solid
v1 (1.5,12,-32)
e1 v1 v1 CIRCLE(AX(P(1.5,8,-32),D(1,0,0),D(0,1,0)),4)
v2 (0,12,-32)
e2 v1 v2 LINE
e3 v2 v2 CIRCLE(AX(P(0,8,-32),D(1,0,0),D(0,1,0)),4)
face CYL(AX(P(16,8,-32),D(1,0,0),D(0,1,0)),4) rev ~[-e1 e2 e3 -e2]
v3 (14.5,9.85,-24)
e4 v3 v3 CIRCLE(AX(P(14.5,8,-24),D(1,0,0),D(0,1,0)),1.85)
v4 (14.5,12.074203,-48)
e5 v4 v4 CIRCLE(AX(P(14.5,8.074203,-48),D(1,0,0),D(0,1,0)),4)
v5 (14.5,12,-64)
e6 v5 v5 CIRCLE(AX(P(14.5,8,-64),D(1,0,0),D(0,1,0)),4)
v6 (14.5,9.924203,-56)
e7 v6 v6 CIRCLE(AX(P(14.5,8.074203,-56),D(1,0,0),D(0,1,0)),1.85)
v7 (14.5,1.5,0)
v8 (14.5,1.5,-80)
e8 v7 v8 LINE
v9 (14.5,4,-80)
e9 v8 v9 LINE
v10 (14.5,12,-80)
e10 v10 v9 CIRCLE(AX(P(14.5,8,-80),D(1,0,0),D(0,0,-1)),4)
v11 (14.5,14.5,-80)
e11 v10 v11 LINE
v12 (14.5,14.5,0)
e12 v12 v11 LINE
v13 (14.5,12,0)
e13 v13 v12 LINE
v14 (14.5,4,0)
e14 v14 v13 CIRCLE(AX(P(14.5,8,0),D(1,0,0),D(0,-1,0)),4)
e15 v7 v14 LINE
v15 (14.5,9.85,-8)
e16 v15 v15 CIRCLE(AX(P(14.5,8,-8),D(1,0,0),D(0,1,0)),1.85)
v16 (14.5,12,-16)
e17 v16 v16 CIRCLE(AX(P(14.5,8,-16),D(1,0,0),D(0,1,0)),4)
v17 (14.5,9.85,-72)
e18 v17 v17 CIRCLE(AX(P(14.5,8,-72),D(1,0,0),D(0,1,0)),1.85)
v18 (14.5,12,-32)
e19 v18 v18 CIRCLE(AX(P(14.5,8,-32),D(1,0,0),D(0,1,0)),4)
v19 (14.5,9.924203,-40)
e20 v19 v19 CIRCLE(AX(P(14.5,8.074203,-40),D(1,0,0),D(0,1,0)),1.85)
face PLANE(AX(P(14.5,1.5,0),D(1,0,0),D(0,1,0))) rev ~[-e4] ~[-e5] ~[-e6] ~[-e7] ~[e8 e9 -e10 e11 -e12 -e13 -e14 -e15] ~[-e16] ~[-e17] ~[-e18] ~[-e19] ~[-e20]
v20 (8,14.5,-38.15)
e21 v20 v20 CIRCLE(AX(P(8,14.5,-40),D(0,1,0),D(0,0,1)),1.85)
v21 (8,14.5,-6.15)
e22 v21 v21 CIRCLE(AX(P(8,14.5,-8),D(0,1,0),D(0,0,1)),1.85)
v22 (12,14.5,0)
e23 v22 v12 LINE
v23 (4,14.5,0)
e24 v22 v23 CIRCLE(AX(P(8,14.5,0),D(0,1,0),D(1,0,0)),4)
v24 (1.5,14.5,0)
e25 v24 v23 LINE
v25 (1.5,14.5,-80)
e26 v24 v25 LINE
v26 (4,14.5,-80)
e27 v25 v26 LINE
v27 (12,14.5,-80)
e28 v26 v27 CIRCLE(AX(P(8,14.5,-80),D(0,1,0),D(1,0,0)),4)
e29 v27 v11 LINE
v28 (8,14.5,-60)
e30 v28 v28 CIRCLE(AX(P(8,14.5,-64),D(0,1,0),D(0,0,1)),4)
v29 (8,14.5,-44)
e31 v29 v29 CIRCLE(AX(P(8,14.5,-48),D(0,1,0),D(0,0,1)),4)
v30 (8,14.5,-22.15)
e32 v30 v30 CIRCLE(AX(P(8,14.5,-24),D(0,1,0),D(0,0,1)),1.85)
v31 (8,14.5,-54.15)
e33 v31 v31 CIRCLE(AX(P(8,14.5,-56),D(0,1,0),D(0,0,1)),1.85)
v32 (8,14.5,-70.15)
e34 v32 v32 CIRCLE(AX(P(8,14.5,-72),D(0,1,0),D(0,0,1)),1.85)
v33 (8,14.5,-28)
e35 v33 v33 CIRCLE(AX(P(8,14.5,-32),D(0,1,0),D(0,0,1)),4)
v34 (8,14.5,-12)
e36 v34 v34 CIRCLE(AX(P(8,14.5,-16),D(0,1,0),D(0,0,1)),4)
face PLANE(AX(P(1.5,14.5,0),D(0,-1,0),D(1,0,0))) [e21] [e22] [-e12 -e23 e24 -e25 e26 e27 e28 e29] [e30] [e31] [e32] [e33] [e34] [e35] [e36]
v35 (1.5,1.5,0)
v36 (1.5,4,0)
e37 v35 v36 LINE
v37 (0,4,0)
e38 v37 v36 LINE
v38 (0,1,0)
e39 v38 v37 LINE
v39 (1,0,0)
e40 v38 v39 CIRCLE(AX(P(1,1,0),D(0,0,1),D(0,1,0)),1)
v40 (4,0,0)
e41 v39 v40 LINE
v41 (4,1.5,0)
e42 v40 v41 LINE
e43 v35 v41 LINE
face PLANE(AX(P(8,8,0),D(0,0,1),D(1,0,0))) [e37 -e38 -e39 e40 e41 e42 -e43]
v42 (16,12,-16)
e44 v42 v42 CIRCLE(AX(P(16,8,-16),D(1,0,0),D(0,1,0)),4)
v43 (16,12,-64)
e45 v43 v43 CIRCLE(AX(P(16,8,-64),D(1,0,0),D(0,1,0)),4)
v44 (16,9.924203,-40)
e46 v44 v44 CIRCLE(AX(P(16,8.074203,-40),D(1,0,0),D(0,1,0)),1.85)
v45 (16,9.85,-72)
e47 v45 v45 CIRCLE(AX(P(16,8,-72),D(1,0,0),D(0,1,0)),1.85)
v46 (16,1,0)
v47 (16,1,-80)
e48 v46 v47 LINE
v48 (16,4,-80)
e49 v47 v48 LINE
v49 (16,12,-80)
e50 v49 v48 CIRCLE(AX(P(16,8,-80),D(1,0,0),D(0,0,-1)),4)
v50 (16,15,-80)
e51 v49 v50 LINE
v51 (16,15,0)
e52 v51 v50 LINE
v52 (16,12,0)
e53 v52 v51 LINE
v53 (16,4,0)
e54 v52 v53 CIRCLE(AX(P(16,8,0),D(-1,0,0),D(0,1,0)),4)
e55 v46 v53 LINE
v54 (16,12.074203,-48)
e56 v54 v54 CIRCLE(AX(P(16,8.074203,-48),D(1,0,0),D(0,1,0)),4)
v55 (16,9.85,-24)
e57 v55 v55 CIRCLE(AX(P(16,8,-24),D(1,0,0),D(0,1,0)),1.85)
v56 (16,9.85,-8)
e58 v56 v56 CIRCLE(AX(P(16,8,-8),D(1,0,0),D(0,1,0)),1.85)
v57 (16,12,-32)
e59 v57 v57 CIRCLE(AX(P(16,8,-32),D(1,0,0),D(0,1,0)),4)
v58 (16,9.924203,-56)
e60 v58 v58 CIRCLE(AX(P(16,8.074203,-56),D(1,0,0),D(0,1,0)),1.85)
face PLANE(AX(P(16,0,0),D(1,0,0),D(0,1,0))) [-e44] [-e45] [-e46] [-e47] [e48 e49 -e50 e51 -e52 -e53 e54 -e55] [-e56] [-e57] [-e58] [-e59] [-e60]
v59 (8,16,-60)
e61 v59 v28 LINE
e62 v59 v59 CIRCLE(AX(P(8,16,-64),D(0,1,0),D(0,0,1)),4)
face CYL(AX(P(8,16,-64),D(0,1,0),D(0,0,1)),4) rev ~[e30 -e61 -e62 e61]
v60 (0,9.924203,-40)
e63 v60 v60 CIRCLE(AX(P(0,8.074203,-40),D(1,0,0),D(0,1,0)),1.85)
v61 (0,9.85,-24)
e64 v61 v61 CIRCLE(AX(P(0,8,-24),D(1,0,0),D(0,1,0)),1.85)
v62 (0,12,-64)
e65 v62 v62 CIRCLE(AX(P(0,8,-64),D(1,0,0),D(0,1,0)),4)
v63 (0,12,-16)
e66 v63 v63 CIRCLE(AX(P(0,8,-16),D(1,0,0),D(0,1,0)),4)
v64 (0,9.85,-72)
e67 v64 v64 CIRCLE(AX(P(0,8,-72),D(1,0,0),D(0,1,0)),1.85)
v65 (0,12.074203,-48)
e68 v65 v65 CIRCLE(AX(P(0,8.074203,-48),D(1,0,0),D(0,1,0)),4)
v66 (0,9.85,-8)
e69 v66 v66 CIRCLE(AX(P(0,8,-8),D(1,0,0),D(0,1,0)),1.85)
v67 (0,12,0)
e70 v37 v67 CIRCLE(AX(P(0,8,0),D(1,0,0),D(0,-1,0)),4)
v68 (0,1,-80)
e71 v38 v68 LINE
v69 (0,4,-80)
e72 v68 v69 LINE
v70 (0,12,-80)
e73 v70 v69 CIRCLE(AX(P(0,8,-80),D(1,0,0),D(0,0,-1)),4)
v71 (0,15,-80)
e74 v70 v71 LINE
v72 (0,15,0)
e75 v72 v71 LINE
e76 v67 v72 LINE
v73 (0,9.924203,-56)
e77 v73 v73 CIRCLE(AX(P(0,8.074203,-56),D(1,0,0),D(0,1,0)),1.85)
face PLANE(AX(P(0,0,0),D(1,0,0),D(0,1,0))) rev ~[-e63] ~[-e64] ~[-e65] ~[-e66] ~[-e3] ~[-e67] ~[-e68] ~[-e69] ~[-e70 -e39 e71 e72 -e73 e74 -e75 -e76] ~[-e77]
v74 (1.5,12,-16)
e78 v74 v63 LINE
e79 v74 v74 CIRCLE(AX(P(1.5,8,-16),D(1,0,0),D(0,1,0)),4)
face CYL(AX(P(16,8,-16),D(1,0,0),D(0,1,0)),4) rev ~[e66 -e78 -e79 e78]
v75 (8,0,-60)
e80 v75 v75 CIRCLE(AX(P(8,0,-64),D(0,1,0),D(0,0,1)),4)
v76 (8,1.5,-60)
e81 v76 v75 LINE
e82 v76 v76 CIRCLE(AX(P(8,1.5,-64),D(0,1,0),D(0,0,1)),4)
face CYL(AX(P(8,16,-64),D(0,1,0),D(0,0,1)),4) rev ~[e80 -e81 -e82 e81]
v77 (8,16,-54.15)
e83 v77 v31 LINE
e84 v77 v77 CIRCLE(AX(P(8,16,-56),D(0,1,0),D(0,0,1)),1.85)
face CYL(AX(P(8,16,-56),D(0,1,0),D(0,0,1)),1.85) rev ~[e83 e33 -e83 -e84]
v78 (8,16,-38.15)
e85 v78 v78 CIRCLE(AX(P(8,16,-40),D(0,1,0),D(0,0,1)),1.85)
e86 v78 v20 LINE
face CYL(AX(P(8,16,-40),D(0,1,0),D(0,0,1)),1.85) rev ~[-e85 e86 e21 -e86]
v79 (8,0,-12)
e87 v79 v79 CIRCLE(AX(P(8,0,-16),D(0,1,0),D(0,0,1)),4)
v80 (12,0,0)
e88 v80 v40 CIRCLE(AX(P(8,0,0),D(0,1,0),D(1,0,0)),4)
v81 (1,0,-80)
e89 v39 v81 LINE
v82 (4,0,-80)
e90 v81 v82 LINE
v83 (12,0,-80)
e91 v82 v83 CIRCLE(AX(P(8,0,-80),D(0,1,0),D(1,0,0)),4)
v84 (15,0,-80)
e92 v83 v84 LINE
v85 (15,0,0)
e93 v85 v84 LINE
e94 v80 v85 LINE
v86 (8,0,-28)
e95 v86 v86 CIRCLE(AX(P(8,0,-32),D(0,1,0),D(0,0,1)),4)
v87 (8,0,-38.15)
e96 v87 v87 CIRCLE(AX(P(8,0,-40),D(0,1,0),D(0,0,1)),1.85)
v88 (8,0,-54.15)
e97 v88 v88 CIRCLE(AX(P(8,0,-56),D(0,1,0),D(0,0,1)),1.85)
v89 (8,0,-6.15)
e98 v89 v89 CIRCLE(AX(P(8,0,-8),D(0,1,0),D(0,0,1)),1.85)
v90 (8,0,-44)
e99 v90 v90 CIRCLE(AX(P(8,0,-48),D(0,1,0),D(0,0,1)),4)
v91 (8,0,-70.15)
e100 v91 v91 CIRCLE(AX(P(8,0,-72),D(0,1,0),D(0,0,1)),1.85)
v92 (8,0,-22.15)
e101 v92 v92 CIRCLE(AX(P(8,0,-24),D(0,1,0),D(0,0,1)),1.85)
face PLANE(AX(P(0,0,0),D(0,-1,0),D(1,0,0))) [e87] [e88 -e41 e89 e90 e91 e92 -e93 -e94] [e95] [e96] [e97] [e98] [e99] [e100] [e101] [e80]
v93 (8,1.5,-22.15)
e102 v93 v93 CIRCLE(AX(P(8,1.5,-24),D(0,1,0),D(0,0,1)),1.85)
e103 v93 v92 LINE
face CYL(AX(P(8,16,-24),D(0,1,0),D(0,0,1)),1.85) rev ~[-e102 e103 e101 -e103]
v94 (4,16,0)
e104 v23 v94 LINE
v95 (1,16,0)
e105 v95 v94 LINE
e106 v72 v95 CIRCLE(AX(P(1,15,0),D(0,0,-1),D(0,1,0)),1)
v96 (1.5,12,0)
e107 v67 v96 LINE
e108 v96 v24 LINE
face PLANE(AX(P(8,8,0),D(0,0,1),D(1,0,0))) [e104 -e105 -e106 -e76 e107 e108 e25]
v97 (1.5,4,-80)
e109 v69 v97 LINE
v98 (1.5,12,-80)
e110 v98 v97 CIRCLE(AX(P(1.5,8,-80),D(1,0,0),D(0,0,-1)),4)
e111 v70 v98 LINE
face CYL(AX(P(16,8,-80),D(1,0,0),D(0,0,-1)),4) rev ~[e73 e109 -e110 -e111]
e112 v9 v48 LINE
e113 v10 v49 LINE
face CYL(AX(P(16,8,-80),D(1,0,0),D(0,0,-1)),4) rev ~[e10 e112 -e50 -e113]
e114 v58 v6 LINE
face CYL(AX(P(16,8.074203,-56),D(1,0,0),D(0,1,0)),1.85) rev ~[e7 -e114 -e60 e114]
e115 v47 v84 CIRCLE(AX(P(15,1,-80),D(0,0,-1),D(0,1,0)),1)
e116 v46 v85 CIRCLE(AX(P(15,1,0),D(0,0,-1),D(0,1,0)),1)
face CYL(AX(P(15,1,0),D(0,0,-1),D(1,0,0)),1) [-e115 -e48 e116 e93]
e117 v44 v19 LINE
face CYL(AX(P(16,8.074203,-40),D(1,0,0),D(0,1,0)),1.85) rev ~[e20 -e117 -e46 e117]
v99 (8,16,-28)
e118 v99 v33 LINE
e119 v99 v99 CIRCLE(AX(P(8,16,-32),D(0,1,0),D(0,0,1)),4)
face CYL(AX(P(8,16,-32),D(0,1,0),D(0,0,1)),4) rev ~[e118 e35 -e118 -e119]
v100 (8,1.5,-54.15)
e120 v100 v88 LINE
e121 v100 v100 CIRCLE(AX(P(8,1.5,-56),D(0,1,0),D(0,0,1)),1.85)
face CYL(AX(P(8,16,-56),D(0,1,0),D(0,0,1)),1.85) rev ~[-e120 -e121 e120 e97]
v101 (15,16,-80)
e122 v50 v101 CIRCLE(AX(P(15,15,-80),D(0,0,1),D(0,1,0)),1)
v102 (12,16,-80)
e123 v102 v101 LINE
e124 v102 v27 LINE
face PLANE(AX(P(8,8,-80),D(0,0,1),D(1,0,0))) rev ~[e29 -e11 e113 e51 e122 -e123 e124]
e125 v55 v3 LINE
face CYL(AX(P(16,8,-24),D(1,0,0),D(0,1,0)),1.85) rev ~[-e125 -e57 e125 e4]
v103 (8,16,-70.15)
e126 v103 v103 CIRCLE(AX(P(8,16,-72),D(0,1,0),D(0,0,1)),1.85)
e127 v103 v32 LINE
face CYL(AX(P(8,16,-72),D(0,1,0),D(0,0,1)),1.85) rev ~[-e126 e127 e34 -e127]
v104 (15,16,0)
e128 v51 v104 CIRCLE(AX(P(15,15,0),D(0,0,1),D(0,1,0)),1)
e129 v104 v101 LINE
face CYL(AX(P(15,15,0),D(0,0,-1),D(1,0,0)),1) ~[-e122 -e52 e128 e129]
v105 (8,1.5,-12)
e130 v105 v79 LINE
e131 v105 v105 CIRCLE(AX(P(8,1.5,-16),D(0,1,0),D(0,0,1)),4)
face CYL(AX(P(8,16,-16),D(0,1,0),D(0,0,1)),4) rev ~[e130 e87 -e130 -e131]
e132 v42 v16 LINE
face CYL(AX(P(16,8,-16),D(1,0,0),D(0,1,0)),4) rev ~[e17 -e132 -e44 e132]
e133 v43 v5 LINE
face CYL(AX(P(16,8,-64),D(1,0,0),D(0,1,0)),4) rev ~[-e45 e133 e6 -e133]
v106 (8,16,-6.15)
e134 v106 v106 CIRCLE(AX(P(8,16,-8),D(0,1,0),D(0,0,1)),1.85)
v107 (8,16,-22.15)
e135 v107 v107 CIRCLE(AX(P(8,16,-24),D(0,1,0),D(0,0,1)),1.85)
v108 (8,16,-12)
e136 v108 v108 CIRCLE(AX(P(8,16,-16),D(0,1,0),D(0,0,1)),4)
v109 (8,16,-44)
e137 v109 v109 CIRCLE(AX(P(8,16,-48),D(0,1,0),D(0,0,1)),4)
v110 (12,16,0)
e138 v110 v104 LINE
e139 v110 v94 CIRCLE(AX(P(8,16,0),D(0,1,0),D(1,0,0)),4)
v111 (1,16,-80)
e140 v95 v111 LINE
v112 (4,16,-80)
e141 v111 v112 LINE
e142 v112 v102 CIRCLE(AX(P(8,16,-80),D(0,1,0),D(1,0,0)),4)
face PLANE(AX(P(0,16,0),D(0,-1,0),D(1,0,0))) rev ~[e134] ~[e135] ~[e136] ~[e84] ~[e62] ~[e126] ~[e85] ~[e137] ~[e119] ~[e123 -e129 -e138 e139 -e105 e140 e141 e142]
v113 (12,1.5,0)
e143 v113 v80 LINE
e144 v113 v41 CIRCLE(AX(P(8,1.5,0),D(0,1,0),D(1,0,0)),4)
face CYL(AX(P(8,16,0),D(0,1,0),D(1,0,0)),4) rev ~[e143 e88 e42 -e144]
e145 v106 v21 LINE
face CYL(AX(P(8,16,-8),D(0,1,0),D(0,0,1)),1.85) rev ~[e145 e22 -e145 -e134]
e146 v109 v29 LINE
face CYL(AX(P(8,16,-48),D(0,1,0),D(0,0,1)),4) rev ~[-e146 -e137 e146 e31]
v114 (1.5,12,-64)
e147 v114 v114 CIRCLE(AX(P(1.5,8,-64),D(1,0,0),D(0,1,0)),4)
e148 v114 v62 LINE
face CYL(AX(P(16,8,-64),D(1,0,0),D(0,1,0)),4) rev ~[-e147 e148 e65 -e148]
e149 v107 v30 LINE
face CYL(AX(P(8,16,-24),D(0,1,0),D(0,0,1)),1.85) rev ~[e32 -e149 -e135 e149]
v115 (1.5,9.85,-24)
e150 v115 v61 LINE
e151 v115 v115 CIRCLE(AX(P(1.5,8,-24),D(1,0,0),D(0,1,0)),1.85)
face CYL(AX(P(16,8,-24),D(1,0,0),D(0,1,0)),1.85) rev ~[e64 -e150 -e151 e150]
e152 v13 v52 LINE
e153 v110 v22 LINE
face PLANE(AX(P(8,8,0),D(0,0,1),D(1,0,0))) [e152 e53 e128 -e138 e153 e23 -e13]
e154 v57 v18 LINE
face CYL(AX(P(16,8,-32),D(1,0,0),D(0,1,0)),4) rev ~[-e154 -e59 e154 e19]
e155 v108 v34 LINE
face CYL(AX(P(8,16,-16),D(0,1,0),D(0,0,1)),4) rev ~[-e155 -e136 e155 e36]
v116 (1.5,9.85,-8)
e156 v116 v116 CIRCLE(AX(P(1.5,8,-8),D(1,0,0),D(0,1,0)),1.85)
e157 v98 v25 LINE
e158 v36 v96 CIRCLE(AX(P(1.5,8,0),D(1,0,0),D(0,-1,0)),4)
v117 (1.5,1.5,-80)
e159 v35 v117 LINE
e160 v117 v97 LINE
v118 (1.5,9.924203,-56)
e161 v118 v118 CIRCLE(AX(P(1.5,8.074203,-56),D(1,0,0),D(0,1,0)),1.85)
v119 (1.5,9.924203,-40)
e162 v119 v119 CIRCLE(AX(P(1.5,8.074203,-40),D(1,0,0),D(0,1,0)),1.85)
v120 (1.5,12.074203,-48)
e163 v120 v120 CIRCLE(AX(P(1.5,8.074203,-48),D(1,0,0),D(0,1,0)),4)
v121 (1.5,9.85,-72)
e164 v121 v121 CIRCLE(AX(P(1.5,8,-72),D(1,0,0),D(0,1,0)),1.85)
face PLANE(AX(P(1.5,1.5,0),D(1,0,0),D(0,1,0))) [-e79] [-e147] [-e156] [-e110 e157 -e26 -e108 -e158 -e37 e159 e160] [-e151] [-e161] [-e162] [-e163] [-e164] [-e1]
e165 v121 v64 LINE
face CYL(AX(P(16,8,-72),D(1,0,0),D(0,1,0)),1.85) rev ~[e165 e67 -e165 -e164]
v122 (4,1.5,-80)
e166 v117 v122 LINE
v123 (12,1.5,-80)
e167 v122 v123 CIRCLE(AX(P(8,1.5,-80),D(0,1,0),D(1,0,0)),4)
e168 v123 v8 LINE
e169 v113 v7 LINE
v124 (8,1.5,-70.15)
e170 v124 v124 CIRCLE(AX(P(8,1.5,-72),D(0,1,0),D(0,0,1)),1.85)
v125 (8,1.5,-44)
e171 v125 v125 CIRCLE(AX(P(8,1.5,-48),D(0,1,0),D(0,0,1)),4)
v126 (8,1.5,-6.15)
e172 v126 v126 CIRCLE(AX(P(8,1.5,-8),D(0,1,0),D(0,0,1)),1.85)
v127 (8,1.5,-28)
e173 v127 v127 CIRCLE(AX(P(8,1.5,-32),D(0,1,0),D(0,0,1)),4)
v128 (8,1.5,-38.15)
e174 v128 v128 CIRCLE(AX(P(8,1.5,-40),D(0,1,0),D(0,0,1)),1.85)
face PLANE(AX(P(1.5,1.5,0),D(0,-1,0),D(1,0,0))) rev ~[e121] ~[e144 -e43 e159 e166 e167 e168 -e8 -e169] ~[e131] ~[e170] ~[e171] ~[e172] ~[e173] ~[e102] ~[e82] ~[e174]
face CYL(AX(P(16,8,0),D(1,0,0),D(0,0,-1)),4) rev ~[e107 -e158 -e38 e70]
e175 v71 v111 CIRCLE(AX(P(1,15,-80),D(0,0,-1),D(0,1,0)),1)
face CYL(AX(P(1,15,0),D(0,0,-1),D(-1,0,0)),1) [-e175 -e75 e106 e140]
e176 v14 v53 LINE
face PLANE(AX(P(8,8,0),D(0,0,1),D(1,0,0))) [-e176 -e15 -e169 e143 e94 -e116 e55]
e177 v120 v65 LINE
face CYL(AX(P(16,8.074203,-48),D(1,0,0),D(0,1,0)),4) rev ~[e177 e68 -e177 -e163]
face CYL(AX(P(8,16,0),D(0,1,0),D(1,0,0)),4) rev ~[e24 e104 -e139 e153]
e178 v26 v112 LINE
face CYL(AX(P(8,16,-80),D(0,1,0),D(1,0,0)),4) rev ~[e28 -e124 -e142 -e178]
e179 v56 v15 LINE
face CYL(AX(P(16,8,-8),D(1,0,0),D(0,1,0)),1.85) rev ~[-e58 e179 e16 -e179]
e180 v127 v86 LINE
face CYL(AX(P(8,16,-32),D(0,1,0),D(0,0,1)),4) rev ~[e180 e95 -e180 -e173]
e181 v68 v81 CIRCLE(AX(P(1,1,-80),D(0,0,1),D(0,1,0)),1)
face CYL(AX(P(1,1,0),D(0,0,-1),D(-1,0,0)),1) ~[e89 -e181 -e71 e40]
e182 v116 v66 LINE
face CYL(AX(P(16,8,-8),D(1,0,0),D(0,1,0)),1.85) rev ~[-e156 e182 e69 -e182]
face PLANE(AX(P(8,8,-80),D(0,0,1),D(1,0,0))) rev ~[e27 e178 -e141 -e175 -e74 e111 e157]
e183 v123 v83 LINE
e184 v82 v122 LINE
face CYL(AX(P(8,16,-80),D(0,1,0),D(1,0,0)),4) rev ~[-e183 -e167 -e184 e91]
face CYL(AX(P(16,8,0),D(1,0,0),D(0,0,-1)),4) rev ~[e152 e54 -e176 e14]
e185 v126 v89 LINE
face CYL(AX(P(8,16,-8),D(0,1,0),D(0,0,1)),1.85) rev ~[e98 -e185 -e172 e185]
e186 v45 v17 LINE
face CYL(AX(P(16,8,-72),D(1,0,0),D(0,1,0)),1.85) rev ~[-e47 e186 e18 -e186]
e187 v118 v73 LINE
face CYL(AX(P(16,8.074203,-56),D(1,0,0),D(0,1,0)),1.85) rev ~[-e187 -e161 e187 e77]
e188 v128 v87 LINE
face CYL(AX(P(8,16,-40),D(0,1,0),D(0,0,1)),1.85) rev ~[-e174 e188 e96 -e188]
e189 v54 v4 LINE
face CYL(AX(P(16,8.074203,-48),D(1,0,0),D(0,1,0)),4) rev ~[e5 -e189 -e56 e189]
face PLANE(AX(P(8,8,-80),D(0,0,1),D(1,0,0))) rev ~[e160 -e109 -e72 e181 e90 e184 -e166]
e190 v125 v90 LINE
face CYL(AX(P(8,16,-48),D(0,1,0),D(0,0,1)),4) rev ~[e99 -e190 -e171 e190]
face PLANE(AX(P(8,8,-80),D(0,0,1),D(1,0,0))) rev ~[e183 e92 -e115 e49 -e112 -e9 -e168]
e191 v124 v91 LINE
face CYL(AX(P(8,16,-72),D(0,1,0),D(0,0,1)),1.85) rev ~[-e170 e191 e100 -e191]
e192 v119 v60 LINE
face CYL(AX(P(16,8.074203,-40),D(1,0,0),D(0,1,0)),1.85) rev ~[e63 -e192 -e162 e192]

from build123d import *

# Parameters (mm, degrees)
SKETCH1_W      = 16
SKETCH1_H      = 16
EXTRUDE1_DEPTH = 80
SKETCH2_W      = 13
SKETCH2_H      = 13
EXTRUDE2_DEPTH = 84.138438763
SKETCH3_R      = 4
SKETCH3_R_2    = 1.85
EXTRUDE3_DEPTH = 84.138438763
SKETCH4_R      = 4
SKETCH4_R_2    = 1.85
EXTRUDE4_DEPTH = 84.138438763
FILLET1_R      = 1


with BuildPart() as part:
    # Sketch1 → Extrude1 (new body)
    with BuildSketch(Plane.XY):
        with Locations((8, 8)):
            Rectangle(SKETCH1_W, SKETCH1_H)
    extrude(amount=-EXTRUDE1_DEPTH)

    # Sketch2 → Extrude2 (cut, through all)
    with BuildSketch(Plane.XY):
        with Locations((8, 8)):
            Rectangle(SKETCH2_W, SKETCH2_H)
    extrude(amount=-EXTRUDE2_DEPTH, mode=Mode.SUBTRACT)

    # Sketch3 → Extrude3 (cut, through all)
    with BuildSketch(Plane(origin=(0, 16, 0), x_dir=(1, 0, 0), z_dir=(0, 1, 0))):
        with Locations(Location((8, 64, 0), (0, 0, 270))):
            Circle(SKETCH3_R)
        with Locations(Location((8, 32, 0), (0, 0, 270))):
            Circle(SKETCH3_R)
        with Locations((8, 0)):
            Circle(SKETCH3_R)
        with Locations((8, 96)):
            Circle(SKETCH3_R)
        with Locations((8, 128)):
            Circle(SKETCH3_R)
        with Locations((8, 160)):
            Circle(SKETCH3_R)
        with Locations((8, 192)):
            Circle(SKETCH3_R)
        with Locations((8, 224)):
            Circle(SKETCH3_R)
        with Locations((8, 256)):
            Circle(SKETCH3_R)
        with Locations(Location((8, 48, 0), (0, 0, 270))):
            Circle(SKETCH3_R)
        with Locations(Location((8, 56, 0), (0, 0, 270))):
            Circle(SKETCH3_R_2)
        with Locations(Location((8, 40, 0), (0, 0, 270))):
            Circle(SKETCH3_R_2)
        with Locations((8, 80)):
            Circle(SKETCH3_R)
        with Locations((8, 88)):
            Circle(SKETCH3_R_2)
        with Locations(Location((8, 72, 0), (0, 0, 270))):
            Circle(SKETCH3_R_2)
        with Locations(Location((8, 16, 0), (0, 0, 270))):
            Circle(SKETCH3_R)
        with Locations(Location((8, 24, 0), (0, 0, 270))):
            Circle(SKETCH3_R_2)
        with Locations(Location((8, 8, 0), (0, 0, 270))):
            Circle(SKETCH3_R_2)
        with Locations((8, 112)):
            Circle(SKETCH3_R)
        with Locations((8, 120)):
            Circle(SKETCH3_R_2)
        with Locations((8, 104)):
            Circle(SKETCH3_R_2)
        with Locations((8, 144)):
            Circle(SKETCH3_R)
        with Locations((8, 152)):
            Circle(SKETCH3_R_2)
        with Locations((8, 136)):
            Circle(SKETCH3_R_2)
        with Locations((8, 176)):
            Circle(SKETCH3_R)
        with Locations((8, 184)):
            Circle(SKETCH3_R_2)
        with Locations((8, 168)):
            Circle(SKETCH3_R_2)
        with Locations((8, 208)):
            Circle(SKETCH3_R)
        with Locations((8, 216)):
            Circle(SKETCH3_R_2)
        with Locations((8, 200)):
            Circle(SKETCH3_R_2)
        with Locations((8, 240)):
            Circle(SKETCH3_R)
        with Locations((8, 248)):
            Circle(SKETCH3_R_2)
        with Locations((8, 232)):
            Circle(SKETCH3_R_2)
    extrude(amount=-EXTRUDE3_DEPTH, mode=Mode.SUBTRACT)

    # Sketch4 → Extrude4 (cut, through all)
    with BuildSketch(Plane(origin=(16, 0, 0), x_dir=(0, 0, -1), z_dir=(1, 0, 0))):
        with Locations(Location((32, 8, 0), (0, 0, 90))):
            Circle(SKETCH4_R)
        with Locations(Location((64, 8, 0), (0, 0, 90))):
            Circle(SKETCH4_R)
        with Locations((0, 8)):
            Circle(SKETCH4_R)
        with Locations((96, 8)):
            Circle(SKETCH4_R)
        with Locations((128, 8)):
            Circle(SKETCH4_R)
        with Locations((160, 8)):
            Circle(SKETCH4_R)
        with Locations((192, 8)):
            Circle(SKETCH4_R)
        with Locations((224, 8)):
            Circle(SKETCH4_R)
        with Locations((256, 8)):
            Circle(SKETCH4_R)
        with Locations(Location((48, 8.074203, 0), (0, 0, 90))):
            Circle(SKETCH4_R)
        with Locations(Location((40, 8.074203, 0), (0, 0, 90))):
            Circle(SKETCH4_R_2)
        with Locations(Location((56, 8.074203, 0), (0, 0, 90))):
            Circle(SKETCH4_R_2)
        with Locations((80, 8)):
            Circle(SKETCH4_R)
        with Locations(Location((72, 8, 0), (0, 0, 90))):
            Circle(SKETCH4_R_2)
        with Locations((88, 8)):
            Circle(SKETCH4_R_2)
        with Locations(Location((16, 8, 0), (0, 0, 90))):
            Circle(SKETCH4_R)
        with Locations(Location((8, 8, 0), (0, 0, 90))):
            Circle(SKETCH4_R_2)
        with Locations(Location((24, 8, 0), (0, 0, 90))):
            Circle(SKETCH4_R_2)
        with Locations((112, 8)):
            Circle(SKETCH4_R)
        with Locations((104, 8)):
            Circle(SKETCH4_R_2)
        with Locations((120, 8)):
            Circle(SKETCH4_R_2)
        with Locations((144, 8)):
            Circle(SKETCH4_R)
        with Locations((136, 8)):
            Circle(SKETCH4_R_2)
        with Locations((152, 8)):
            Circle(SKETCH4_R_2)
        with Locations((176, 8)):
            Circle(SKETCH4_R)
        with Locations((168, 8)):
            Circle(SKETCH4_R_2)
        with Locations((184, 8)):
            Circle(SKETCH4_R_2)
        with Locations((208, 8)):
            Circle(SKETCH4_R)
        with Locations((200, 8)):
            Circle(SKETCH4_R_2)
        with Locations((216, 8)):
            Circle(SKETCH4_R_2)
        with Locations((240, 8)):
            Circle(SKETCH4_R)
        with Locations((232, 8)):
            Circle(SKETCH4_R_2)
        with Locations((248, 8)):
            Circle(SKETCH4_R_2)
    extrude(amount=-EXTRUDE4_DEPTH, mode=Mode.SUBTRACT)

    # Fillet1
    fillet1_edges = [part.edges().sort_by_distance(p)[0] for p in [
        (0, 16, -40),
        (16, 16, -40),
        (16, 0, -40),
        (0, 0, -40),
    ]]
    fillet(fillet1_edges, radius=FILLET1_R)


solid = part.part
